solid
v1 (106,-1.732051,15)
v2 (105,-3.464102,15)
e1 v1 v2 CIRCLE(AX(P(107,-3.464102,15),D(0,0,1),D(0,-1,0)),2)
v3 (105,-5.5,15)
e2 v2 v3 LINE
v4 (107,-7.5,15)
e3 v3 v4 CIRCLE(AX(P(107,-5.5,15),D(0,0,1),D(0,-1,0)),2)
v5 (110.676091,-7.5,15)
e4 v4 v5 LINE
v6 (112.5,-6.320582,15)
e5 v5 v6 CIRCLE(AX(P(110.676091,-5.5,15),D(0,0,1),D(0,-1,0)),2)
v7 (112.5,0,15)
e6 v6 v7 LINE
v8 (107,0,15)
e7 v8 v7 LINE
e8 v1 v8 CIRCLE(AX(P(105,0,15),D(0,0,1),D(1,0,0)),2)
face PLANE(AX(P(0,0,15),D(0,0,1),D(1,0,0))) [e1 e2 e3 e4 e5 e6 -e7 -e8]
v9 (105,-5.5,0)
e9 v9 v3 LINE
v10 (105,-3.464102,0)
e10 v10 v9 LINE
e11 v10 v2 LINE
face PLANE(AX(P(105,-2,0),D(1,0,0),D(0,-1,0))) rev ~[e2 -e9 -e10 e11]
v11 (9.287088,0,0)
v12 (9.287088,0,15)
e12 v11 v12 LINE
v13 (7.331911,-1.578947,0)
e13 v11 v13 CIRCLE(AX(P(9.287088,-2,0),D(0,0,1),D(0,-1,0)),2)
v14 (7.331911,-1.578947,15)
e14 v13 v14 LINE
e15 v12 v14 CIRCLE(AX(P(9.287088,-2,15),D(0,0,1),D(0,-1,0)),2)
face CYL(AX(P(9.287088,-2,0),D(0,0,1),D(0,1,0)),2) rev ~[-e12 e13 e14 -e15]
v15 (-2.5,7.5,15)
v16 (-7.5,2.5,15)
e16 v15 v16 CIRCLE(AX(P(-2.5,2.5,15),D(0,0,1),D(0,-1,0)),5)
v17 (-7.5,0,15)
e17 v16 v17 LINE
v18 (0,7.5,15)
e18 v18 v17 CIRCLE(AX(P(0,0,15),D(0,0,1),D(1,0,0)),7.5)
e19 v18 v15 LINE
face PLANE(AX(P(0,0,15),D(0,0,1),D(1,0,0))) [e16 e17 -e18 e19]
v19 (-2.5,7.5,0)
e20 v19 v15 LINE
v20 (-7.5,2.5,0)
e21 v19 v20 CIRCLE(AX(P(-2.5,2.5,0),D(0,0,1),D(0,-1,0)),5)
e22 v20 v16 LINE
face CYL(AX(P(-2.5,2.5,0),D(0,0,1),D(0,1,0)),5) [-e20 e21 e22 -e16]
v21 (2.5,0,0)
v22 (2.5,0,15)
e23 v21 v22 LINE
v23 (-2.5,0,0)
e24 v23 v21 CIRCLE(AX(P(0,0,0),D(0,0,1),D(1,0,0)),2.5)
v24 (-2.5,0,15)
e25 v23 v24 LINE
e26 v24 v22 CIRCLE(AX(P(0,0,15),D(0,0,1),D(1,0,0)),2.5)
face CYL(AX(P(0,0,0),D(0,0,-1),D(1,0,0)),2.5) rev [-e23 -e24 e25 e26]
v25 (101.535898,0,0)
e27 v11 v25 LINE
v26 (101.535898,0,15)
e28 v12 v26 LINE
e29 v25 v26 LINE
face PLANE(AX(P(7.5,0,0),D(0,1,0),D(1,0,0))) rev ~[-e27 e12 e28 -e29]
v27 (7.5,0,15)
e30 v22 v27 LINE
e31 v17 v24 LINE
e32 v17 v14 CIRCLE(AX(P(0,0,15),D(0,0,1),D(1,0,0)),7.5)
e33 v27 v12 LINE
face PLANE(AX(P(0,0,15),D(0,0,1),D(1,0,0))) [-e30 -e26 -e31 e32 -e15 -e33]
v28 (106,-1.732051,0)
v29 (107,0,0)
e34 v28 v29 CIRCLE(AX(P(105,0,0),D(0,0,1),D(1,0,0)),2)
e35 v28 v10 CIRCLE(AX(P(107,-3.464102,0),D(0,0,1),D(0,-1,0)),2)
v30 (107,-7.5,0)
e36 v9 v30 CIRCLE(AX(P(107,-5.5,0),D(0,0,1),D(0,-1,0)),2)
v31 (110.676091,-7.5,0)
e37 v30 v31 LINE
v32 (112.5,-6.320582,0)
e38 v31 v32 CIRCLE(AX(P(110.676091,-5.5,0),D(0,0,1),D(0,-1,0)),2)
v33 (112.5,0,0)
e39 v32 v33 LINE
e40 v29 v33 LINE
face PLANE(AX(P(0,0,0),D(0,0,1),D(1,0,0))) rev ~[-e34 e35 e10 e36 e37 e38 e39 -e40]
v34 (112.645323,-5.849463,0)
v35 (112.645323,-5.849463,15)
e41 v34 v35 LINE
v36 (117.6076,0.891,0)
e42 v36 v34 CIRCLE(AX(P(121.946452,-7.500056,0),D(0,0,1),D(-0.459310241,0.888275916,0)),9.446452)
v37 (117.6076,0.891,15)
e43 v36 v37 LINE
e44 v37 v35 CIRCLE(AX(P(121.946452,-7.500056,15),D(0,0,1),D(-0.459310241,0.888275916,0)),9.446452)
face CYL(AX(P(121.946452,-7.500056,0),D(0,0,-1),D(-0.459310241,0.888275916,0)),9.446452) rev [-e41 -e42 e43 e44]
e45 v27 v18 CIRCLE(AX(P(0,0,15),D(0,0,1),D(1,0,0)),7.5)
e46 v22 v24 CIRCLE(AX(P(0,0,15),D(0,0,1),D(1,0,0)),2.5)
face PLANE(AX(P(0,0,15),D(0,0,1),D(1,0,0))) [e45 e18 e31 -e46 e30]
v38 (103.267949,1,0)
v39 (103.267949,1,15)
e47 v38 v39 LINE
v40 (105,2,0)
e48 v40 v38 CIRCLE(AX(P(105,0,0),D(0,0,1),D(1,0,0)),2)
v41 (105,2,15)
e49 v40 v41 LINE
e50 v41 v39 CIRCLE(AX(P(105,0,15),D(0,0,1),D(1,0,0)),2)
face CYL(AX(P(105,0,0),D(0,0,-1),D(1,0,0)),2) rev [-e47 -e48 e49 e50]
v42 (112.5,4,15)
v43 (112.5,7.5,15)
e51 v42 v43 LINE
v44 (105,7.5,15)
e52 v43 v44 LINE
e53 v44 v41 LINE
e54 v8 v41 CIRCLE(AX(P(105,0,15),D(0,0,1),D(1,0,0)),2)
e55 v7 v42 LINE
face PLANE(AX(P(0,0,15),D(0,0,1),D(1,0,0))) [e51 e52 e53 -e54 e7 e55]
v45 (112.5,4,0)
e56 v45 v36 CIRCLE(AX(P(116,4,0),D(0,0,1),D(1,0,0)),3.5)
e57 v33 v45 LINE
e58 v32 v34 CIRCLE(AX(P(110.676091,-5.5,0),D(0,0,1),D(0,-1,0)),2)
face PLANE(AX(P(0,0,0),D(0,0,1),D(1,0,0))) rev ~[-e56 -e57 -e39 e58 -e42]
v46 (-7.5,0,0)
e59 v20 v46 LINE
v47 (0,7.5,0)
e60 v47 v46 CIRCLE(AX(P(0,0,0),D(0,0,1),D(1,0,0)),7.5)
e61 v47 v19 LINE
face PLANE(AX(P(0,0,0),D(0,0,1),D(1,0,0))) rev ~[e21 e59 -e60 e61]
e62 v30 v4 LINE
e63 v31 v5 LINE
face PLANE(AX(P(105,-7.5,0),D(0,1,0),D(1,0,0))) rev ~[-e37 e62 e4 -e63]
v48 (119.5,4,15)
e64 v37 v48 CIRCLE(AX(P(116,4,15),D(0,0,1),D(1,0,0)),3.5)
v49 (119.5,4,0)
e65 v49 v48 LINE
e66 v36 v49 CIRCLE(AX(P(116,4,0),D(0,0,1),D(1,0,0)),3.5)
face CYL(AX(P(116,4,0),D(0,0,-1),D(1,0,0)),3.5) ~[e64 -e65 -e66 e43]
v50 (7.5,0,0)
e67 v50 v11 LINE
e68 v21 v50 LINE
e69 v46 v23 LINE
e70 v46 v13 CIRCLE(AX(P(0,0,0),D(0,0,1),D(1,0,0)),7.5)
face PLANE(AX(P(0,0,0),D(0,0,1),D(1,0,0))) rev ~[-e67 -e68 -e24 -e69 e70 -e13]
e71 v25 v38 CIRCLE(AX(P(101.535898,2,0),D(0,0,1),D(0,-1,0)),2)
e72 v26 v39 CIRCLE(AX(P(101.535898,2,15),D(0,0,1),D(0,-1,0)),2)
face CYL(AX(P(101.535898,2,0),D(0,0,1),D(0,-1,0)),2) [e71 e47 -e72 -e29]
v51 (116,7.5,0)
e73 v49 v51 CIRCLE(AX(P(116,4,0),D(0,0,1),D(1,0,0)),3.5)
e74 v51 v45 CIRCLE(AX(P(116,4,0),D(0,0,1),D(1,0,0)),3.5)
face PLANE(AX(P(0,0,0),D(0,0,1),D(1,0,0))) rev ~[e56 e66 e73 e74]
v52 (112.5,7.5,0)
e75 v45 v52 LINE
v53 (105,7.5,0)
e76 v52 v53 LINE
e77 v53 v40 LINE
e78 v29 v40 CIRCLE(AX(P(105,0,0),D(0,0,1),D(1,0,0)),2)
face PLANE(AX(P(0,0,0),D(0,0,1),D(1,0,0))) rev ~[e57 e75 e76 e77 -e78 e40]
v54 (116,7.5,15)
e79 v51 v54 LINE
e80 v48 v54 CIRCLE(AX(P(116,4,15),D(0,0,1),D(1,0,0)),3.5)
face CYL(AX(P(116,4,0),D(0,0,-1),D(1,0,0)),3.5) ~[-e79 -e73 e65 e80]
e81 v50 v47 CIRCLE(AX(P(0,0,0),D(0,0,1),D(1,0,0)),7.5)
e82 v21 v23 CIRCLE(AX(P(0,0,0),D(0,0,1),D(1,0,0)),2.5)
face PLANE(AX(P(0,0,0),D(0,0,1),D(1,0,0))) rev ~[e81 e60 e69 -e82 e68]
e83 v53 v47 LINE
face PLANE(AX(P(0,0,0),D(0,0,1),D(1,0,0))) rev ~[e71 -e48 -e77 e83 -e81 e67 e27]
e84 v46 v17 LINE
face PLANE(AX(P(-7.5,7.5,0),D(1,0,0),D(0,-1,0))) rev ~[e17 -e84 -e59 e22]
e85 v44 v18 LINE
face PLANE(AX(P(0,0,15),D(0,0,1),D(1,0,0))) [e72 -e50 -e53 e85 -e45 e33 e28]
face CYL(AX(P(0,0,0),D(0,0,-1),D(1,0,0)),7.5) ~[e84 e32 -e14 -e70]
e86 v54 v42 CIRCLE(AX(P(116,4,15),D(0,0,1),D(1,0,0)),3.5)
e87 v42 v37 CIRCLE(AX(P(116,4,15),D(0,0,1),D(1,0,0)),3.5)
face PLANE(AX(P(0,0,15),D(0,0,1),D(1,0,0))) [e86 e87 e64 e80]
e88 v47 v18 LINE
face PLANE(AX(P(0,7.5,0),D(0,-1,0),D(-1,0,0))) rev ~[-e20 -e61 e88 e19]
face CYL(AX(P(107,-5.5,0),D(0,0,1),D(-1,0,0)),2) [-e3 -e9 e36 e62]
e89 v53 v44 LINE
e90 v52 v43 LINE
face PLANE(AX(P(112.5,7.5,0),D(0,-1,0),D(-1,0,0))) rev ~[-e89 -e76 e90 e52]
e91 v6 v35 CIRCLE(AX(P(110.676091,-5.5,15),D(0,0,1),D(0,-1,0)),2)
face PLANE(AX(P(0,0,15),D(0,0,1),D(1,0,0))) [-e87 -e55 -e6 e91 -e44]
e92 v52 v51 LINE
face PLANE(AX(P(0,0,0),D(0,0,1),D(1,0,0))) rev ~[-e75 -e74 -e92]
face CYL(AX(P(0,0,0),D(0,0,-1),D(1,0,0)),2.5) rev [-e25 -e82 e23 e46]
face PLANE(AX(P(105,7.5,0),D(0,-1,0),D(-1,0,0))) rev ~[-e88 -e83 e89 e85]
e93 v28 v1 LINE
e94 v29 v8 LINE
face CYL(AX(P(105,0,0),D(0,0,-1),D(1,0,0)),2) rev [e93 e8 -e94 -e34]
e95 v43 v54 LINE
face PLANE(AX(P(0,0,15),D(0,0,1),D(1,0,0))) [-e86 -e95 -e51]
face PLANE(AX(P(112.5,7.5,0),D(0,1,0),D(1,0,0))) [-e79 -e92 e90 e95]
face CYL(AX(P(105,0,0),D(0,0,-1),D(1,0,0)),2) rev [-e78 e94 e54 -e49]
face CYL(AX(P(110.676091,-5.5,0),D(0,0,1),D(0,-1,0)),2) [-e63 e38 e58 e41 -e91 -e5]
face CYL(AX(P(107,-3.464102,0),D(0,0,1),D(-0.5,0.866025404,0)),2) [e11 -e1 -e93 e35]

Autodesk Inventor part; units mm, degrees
ref_plane "YZ Plane" through (0, 0, 0) normal (1, 0, 0) x (0, 1, 0)
ref_plane "XZ Plane" through (0, 0, 0) normal (0, 1, 0) x (-1, 0, 0)
ref_plane "XY Plane" through (0, 0, 0) normal (0, 0, 1) x (1, 0, 0)
sketch "Sketch1" plane through (0, 0, 0) normal (0, 0, 1) x (1, 0, 0)
  circle A0 centre (0, 0) radius 2.5
  circle A1 centre (0, 0) radius 7.5
  line L0 (-7.5, 0) -> (112.5, 0)
  line L1 (112.5, 0) -> (112.5, 7.5)
  line L2 (112.5, 7.5) -> (-7.5, 7.5)
  line L3 (-7.5, 7.5) -> (-7.5, 0)
  circle A2 centre (105, 0) radius 7.5 construction
  circle A3 centre (105, 0) radius 2
  line L4 (112.5, 7.5) -> (105, 7.5)
  line L5 (105, 7.5) -> (105, -7.5)
  line L6 (105, -7.5) -> (112.5, -7.5)
  line L7 (112.5, -7.5) -> (112.5, 7.5)
  circle A4 centre (116, 4) radius 3.5
  line L8 (112.5, 7.5) -> (116, 7.5)
  arc A5 (117.6076, 0.891) -> (112.5, -7.5) centre (121.9464, -7.5) ccw
  point P0 (7.5, 0)
  point P1 (103, 0)
  point P2 (105, -2)
  dimension "d1" = 15
  dimension "d3" = 15
  dimension "d0" = 5
  dimension "d2" = 120
  dimension "d4" = 4
  dimension "d5" = 7
extrude "Extrusion1" add sketch "Sketch1" along normal blind 15 contours L0 A1 A0 | A0 L0 A1 | A1 L2 L5 A3 L0 | L3 L2 A1 | L2 L1 L0 A3 L5 | A3 L0 L7 L6 L5 | L8 A4 L1 | A4 A5 L7 L1 | A4
fillet "Fillet1" radius 2 5 edges at (103, 0, 7.5) (105, -2, 7.5) (105, -7.5, 7.5) (112.5, -7.5, 7.5) (7.5, 0, 7.5)
fillet "Fillet2" radius 5 1 edges at (-7.5, 7.5, 7.5)
properties part number "Lid"
